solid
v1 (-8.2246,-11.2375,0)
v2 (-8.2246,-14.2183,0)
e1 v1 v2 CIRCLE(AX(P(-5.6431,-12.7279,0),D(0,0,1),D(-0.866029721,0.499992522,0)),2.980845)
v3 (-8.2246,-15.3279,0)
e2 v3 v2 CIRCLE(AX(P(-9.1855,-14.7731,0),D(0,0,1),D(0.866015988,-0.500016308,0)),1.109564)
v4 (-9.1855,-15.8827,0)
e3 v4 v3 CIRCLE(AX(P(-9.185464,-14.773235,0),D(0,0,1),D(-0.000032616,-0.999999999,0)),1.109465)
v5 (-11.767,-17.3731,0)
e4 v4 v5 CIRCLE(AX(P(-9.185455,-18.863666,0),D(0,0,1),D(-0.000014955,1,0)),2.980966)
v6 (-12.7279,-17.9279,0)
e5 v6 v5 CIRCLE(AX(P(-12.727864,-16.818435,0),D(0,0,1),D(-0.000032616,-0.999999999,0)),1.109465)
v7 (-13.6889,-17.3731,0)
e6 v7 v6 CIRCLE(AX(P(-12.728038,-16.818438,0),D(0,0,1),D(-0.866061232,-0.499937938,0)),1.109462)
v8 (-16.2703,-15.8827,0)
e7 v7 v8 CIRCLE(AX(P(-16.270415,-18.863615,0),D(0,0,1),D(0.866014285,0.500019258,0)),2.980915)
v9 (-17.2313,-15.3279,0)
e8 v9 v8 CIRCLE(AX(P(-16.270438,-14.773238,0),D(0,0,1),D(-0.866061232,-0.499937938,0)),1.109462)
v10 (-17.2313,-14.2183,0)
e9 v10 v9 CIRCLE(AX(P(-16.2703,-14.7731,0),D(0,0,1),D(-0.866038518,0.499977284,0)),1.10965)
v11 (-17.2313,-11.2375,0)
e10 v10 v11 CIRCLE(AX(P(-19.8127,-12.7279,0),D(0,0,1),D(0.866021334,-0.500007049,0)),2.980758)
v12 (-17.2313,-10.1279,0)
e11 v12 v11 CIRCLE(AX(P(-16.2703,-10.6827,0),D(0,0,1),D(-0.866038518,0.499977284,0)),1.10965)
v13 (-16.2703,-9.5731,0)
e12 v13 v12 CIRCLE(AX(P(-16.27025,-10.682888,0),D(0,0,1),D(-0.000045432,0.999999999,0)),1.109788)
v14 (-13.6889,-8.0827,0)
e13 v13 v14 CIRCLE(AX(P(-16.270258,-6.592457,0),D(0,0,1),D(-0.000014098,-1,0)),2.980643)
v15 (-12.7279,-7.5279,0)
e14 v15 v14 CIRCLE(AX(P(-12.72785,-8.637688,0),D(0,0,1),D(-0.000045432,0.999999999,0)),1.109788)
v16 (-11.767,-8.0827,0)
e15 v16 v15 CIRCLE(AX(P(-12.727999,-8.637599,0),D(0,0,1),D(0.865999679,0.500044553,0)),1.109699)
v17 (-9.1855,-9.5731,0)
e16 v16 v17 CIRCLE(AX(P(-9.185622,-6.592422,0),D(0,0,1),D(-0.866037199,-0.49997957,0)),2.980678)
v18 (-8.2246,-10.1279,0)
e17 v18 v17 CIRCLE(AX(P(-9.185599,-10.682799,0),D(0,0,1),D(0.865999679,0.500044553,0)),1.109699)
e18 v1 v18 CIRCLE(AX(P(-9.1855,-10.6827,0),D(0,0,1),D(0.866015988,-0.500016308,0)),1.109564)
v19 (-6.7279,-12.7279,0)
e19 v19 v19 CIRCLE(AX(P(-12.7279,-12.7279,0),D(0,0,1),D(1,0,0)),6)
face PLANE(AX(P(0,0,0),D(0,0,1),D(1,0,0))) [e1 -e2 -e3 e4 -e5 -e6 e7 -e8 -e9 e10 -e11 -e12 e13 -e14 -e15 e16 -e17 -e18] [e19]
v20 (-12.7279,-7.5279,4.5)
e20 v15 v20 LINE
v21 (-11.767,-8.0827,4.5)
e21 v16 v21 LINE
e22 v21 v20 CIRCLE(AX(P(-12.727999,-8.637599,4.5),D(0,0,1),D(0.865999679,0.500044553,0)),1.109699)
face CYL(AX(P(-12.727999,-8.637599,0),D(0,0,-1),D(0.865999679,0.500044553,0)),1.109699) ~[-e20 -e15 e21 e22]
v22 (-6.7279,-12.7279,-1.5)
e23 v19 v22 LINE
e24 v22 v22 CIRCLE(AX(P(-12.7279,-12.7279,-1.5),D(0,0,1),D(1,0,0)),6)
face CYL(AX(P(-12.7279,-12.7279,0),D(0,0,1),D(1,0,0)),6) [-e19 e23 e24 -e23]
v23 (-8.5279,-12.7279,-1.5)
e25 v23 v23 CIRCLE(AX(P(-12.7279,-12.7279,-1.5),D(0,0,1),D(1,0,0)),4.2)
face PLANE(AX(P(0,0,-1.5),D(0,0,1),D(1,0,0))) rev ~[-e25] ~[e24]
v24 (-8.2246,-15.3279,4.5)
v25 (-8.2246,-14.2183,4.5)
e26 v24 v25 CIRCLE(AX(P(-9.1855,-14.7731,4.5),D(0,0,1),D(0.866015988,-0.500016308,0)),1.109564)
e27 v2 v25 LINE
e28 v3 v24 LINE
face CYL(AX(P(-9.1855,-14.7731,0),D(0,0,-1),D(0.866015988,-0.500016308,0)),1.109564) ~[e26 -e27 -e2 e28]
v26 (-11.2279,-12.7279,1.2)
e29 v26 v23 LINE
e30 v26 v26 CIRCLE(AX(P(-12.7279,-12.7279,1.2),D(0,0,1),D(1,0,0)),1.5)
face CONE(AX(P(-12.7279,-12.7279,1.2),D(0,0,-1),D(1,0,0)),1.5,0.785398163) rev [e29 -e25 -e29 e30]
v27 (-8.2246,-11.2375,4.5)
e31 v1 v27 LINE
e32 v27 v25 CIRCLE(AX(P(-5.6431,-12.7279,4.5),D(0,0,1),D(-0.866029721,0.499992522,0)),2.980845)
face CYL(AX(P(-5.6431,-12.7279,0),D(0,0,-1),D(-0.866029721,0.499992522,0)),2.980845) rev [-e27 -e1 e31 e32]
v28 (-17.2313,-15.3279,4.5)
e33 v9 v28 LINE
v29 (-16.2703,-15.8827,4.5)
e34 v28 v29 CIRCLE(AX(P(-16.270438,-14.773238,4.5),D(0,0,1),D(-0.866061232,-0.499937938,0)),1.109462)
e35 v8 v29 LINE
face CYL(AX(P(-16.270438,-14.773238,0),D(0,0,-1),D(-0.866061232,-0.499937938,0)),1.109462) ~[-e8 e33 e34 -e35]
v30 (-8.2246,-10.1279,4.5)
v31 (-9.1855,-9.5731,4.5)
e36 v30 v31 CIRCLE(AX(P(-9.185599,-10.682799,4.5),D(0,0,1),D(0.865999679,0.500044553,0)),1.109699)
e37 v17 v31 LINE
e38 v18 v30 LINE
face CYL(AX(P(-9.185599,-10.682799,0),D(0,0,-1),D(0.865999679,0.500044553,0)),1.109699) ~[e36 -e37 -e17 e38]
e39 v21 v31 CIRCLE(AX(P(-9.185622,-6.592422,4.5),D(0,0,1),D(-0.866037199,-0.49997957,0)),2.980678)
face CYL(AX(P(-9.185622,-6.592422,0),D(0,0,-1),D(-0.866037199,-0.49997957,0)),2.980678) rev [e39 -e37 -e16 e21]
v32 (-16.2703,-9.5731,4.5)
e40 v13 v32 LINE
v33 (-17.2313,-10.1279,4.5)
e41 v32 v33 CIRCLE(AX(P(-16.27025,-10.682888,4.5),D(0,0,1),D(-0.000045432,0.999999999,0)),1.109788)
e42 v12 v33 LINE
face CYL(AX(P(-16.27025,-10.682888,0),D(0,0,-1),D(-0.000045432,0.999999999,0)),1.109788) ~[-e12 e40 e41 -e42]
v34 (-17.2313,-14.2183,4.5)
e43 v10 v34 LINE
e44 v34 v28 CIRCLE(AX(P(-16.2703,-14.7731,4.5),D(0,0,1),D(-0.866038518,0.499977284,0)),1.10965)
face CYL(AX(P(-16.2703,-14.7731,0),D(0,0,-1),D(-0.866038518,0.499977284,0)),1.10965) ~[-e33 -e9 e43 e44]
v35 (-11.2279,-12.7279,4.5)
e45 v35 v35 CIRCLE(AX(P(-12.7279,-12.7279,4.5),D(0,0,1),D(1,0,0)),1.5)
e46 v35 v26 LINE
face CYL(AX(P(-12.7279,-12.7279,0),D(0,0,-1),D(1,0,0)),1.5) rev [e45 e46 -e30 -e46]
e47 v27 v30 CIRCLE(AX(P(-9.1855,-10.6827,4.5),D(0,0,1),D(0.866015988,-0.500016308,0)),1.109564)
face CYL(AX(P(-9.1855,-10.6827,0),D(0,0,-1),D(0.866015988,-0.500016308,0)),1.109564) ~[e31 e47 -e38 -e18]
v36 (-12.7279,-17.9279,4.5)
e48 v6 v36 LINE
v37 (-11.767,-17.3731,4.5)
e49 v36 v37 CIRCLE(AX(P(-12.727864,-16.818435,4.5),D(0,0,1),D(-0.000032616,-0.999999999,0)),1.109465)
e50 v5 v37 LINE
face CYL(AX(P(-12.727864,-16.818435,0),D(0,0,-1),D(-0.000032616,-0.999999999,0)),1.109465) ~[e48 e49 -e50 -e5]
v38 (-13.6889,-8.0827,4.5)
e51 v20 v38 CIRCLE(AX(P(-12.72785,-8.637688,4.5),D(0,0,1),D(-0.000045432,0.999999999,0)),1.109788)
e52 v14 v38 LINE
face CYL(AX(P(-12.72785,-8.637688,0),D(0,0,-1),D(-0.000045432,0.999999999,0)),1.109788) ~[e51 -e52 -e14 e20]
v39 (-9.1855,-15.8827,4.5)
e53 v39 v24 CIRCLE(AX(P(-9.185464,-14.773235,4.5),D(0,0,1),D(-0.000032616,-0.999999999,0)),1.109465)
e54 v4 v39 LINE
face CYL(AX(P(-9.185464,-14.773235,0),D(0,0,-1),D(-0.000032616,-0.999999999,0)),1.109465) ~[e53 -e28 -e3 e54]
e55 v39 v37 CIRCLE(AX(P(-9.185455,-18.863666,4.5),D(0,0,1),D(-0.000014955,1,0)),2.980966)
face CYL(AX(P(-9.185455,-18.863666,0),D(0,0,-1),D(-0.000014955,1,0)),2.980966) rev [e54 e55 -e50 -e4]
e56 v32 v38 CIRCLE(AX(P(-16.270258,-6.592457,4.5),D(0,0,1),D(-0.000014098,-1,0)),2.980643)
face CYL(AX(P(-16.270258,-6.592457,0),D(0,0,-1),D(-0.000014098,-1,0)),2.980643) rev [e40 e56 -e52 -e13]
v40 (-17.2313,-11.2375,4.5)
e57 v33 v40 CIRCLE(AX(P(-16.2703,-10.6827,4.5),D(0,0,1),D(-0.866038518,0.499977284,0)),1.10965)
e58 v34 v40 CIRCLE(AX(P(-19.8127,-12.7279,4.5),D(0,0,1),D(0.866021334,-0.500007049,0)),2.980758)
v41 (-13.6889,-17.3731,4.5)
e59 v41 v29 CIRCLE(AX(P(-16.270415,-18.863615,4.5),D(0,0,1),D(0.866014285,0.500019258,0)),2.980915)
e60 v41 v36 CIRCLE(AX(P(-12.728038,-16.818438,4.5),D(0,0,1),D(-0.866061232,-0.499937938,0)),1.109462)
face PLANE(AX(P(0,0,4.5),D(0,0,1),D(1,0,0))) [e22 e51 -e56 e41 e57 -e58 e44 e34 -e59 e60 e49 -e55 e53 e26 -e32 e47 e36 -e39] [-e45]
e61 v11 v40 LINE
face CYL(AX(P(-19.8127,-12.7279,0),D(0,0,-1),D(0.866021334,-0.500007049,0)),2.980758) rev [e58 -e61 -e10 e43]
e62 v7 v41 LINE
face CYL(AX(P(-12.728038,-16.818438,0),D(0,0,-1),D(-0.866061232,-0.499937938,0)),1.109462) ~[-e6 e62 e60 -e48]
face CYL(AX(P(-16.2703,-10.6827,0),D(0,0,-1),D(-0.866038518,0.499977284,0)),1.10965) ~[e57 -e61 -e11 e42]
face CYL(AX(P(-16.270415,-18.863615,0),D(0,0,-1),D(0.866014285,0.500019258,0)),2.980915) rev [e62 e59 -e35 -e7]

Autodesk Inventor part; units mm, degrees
ref_plane "YZ Plane" through (0, 0, 0) normal (1, 0, 0) x (0, 1, 0)
ref_plane "XZ Plane" through (0, 0, 0) normal (0, 1, 0) x (-1, 0, 0)
ref_plane "XY Plane" through (0, 0, 0) normal (0, 0, 1) x (1, 0, 0)
sketch "スケッチ1" plane through (0, 0, 0) normal (0, 0, 1) x (1, 0, 0)
  arc A0 (-16.2703, -9.5731) -> (-13.6889, -8.0827) centre (-16.2703, -6.5923) ccw
  arc A1 (-16.2703, -9.5731) -> (-17.2313, -10.1279) centre (-16.2703, -10.6827) ccw
  arc A2 (-17.2313, -10.1279) -> (-17.2313, -11.2375) centre (-16.2703, -10.6827) ccw
  arc A3 (-17.2313, -14.2183) -> (-17.2313, -11.2375) centre (-19.8127, -12.7279) ccw
  arc A4 (-17.2313, -14.2183) -> (-17.2313, -15.3279) centre (-16.2703, -14.7731) ccw
  arc A5 (-17.2313, -15.3279) -> (-16.2703, -15.8827) centre (-16.2703, -14.7731) ccw
  arc A6 (-13.6889, -17.3731) -> (-16.2703, -15.8827) centre (-16.2703, -18.8635) ccw
  arc A7 (-13.6889, -17.3731) -> (-12.7279, -17.9279) centre (-12.7279, -16.8183) ccw
  arc A8 (-12.7279, -17.9279) -> (-11.767, -17.3731) centre (-12.7279, -16.8183) ccw
  arc A9 (-9.1855, -15.8827) -> (-11.767, -17.3731) centre (-9.1855, -18.8635) ccw
  arc A10 (-9.1855, -15.8827) -> (-8.2246, -15.3279) centre (-9.1855, -14.7731) ccw
  arc A11 (-8.2246, -15.3279) -> (-8.2246, -14.2183) centre (-9.1855, -14.7731) ccw
  arc A12 (-8.2246, -11.2375) -> (-8.2246, -14.2183) centre (-5.6431, -12.7279) ccw
  arc A13 (-8.2246, -11.2375) -> (-8.2246, -10.1279) centre (-9.1855, -10.6827) ccw
  arc A14 (-8.2246, -10.1279) -> (-9.1855, -9.5731) centre (-9.1855, -10.6827) ccw
  arc A15 (-11.767, -8.0827) -> (-9.1855, -9.5731) centre (-9.1855, -6.5923) ccw
  arc A16 (-11.767, -8.0827) -> (-12.7279, -7.5279) centre (-12.7279, -8.6375) ccw
  arc A17 (-12.7279, -7.5279) -> (-13.6889, -8.0827) centre (-12.7279, -8.6375) ccw
  circle A18 centre (-12.7279, -12.7279) radius 1.5 construction
  circle A19 centre (-12.7279, -12.7279) radius 1.5
  circle A20 centre (-12.7279, -12.7279) radius 6
  point P0 (0, 0)
  point P1 (0, 0)
  dimension "d0" = 3
extrude "押し出し1" add sketch "スケッチ1" against normal blind 1.5 contours A0 A17 A16 A15 A14 A13 A12 A11 A10 A9 A8 A7 A6 A5 A4 A3 A2 A1 | A20
extrude "押し出し2" add sketch "スケッチ1" along normal blind 4.5 contours A0 A17 A16 A15 A14 A13 A12 A11 A10 A9 A8 A7 A6 A5 A4 A3 A2 A1
chamfer "面取り1" distance 2.7 angle 45 1 edges at (-14.2279, -12.7279, -1.5)
properties part number "原動節接続部v2内-1" material "アルミニウム 2014-T4"
